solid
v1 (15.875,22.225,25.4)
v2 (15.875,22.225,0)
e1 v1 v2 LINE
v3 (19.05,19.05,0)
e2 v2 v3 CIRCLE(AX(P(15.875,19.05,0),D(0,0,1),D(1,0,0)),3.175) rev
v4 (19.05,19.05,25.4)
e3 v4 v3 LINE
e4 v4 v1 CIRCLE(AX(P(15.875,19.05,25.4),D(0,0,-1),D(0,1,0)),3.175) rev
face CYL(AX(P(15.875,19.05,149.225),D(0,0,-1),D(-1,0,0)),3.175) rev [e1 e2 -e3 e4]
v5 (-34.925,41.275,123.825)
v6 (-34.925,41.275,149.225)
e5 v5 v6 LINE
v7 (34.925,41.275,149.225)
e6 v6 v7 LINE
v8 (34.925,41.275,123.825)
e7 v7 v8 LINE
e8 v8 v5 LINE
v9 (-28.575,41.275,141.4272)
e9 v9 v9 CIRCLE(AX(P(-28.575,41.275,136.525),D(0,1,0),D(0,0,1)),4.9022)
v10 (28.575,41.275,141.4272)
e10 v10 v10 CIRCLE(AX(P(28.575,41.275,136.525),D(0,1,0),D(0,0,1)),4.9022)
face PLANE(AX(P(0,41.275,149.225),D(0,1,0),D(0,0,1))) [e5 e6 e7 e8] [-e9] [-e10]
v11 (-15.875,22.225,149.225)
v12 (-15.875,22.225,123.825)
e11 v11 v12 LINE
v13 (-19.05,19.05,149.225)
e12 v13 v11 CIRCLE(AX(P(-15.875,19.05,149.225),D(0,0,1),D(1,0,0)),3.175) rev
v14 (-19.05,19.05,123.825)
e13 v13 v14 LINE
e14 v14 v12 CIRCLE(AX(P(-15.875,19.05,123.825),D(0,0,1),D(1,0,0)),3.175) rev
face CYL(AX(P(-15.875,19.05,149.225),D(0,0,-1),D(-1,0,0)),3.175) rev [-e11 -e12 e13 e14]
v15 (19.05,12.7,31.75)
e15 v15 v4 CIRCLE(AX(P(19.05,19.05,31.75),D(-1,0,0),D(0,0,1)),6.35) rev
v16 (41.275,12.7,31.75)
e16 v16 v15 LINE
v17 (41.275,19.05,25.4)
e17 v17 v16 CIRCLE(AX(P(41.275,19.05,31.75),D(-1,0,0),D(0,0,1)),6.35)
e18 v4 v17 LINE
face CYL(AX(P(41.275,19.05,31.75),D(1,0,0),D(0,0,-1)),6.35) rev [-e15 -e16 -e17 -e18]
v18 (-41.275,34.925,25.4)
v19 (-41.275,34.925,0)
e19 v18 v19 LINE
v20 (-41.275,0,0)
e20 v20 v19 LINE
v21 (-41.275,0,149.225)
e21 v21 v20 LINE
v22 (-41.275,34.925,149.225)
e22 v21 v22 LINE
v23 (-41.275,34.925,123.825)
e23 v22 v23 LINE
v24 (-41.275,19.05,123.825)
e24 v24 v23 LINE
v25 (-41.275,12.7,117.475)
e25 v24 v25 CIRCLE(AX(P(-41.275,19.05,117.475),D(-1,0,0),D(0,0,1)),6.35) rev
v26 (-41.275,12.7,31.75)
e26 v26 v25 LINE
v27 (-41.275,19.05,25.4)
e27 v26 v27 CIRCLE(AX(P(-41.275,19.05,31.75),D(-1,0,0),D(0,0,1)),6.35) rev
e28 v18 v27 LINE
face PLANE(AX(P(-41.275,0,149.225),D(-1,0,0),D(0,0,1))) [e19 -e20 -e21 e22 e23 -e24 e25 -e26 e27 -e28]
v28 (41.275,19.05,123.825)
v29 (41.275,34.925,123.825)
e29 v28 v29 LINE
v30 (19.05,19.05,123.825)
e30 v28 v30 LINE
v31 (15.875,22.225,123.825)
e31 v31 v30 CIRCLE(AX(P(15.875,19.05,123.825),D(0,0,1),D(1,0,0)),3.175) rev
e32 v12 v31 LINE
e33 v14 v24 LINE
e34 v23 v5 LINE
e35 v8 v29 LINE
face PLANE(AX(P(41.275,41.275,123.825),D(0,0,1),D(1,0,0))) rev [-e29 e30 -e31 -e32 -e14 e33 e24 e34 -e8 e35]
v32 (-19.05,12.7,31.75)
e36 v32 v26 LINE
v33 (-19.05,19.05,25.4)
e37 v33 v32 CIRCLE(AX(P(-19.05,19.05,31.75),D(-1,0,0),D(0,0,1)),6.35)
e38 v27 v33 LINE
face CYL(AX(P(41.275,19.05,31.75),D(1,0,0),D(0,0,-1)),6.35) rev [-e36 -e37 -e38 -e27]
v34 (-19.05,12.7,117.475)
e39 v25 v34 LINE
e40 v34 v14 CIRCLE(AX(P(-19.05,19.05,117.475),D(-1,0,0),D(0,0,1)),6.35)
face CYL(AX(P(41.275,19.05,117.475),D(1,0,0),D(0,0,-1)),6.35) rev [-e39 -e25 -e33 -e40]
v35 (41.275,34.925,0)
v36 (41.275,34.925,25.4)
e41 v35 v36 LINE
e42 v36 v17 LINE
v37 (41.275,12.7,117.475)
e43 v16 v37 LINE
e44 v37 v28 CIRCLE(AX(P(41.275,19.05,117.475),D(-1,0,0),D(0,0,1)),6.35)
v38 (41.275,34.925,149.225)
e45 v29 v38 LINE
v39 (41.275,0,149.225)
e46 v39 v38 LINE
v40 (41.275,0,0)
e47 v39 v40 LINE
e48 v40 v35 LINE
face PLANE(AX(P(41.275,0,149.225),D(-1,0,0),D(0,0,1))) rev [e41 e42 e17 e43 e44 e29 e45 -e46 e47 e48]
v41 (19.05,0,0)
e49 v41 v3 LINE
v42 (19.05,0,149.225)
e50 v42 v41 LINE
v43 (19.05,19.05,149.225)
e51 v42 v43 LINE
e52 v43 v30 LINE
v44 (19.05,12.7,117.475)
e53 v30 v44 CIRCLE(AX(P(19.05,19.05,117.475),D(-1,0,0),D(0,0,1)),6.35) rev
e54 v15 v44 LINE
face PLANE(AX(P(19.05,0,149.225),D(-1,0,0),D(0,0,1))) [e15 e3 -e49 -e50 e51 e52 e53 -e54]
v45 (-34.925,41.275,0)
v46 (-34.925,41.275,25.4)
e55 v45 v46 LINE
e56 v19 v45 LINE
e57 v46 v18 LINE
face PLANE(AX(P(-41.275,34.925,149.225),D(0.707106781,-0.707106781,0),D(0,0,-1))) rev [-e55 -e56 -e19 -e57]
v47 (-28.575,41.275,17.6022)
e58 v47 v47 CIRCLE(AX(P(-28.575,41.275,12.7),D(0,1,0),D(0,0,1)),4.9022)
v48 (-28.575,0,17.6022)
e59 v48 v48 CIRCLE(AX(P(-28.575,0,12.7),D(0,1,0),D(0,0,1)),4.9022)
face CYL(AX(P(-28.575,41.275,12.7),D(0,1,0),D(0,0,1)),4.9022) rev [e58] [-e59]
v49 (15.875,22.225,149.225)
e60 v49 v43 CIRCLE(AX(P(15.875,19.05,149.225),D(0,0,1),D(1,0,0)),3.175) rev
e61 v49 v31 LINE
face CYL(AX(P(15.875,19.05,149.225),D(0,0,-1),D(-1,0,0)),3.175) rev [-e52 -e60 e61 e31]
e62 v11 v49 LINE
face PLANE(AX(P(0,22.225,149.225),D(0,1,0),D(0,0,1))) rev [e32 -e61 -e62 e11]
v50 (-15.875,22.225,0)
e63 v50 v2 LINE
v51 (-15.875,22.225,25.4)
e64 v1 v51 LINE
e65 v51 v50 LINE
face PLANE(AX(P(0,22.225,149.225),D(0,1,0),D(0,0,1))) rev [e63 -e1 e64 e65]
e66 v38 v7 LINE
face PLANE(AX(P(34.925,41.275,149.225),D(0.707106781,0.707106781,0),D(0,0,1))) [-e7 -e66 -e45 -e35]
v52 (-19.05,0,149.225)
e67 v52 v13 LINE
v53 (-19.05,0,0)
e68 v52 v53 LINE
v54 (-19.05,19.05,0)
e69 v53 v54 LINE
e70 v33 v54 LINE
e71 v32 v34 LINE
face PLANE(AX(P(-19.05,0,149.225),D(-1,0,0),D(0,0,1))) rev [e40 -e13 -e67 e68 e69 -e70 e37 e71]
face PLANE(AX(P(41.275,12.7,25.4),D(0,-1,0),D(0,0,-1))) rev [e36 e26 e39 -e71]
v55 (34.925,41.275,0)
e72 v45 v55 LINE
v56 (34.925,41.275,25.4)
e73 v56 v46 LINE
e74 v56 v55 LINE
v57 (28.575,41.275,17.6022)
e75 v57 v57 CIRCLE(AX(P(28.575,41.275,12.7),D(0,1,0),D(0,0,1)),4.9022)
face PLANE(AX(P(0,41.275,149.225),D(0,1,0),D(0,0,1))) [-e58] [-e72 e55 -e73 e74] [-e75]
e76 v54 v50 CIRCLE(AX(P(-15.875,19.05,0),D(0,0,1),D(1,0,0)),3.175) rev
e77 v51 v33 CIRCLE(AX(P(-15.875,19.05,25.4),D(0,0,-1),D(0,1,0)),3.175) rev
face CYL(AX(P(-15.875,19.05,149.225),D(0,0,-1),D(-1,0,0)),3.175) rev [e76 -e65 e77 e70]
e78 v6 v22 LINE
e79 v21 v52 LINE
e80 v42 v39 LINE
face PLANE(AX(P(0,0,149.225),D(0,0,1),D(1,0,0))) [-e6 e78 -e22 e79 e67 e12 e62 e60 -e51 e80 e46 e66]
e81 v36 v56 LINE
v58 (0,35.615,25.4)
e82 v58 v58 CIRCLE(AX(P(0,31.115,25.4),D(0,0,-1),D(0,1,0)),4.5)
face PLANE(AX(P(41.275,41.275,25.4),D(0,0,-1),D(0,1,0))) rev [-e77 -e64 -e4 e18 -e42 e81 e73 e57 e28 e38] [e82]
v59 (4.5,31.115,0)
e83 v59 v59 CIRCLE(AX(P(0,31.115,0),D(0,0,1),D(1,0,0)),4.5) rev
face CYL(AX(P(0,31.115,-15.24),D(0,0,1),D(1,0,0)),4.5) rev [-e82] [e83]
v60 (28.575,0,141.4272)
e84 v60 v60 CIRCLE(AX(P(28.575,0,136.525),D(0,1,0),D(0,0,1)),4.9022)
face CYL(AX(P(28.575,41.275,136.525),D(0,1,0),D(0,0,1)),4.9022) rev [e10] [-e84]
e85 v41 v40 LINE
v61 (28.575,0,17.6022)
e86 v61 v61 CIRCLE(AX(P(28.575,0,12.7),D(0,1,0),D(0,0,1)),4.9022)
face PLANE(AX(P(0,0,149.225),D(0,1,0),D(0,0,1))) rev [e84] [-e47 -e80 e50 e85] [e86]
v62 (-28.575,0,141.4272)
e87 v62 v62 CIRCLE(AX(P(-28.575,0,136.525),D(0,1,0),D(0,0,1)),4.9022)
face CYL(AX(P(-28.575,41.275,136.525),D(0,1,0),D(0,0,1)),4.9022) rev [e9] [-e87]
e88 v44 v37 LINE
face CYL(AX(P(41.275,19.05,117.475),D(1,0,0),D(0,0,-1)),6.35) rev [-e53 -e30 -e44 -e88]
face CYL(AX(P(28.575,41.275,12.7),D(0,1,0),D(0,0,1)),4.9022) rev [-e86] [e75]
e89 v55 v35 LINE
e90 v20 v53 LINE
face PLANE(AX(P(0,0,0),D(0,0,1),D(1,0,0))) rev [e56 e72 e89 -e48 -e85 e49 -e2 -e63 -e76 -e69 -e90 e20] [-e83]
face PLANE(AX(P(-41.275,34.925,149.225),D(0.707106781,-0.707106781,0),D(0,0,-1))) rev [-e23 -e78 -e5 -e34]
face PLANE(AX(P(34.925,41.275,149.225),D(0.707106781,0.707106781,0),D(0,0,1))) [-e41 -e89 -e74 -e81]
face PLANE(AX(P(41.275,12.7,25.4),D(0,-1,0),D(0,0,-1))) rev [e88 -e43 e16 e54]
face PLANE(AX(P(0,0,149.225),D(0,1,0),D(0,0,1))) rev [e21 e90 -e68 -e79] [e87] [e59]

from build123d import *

# Parameters (mm, degrees)
BOSS_EXTRUDE1_DEPTH     = 149.225
CHAMFER1_SIZE           = 6.35
F_3_8_CLEARANCE_HOLE1_D = 9.8044
SKETCH4_W               = 98.425
SKETCH4_H               = 28.575
CUT_EXTRUDE1_DEPTH      = 176.460048872
FILLET1_R               = 6.35
CUT_EXTRUDE2_START      = -123.825
SKETCH5_R               = 4.500000017
CUT_EXTRUDE2_DEPTH      = 40.64


with BuildPart() as part:
    # Sketch1 → Boss-Extrude1 (new body)
    with BuildSketch(Plane.XY):
        with BuildLine():
            Line((-19.05, 0), (-19.05, 19.05))
            ThreePointArc((-19.05, 19.05), (-18.12006403, 21.29506403), (-15.875, 22.225))
            Line((-15.875, 22.225), (15.875, 22.225))
            ThreePointArc((15.875, 22.225), (18.12006403, 21.29506403), (19.05, 19.05))
            Line((19.05, 19.05), (19.05, 0))
            Line((19.05, 0), (41.275, 0))
            Line((41.275, 0), (41.275, 41.275))
            Line((41.275, 41.275), (-41.275, 41.275))
            Line((-41.275, 41.275), (-41.275, 0))
            Line((-41.275, 0), (-19.05, 0))
        make_face()
    extrude(amount=BOSS_EXTRUDE1_DEPTH)

    # Chamfer1
    chamfer1_edges = [part.edges().sort_by_distance(p)[0] for p in [
        (-41.275, 41.275, 74.6125),
        (41.275, 41.275, 74.6125),
    ]]
    chamfer(chamfer1_edges, length=CHAMFER1_SIZE)

    # 3/8 Clearance Hole1 (through all)
    with Locations(Plane(origin=(0, 41.275, 0), x_dir=(1, 0, 0), z_dir=(0, 1, 0))):
        with Locations((28.575, -12.7), (-28.575, -136.525), (-28.575, -12.7), (28.575, -136.525)):
            Hole(F_3_8_CLEARANCE_HOLE1_D / 2)

    # Sketch4 → Cut-Extrude1 (cut, through all)
    with BuildSketch(Plane.ZY.offset(41.275)):
        with Locations((74.6125, 26.9875)):
            Rectangle(SKETCH4_W, SKETCH4_H)
    extrude(amount=-CUT_EXTRUDE1_DEPTH, mode=Mode.SUBTRACT)

    # Fillet1
    fillet1_edges = [part.edges().sort_by_distance(p)[0] for p in [
        (30.1625, 12.7, 25.4),
        (30.1625, 12.7, 123.825),
        (-30.1625, 12.7, 123.825),
        (-30.1625, 12.7, 25.4),
    ]]
    fillet(fillet1_edges, radius=FILLET1_R)

    # Sketch5 → Cut-Extrude2 (cut)
    with BuildSketch(Plane.XY.offset(149.225).offset(CUT_EXTRUDE2_START)):
        with Locations((0, 31.115)):
            Circle(SKETCH5_R)
    extrude(amount=-CUT_EXTRUDE2_DEPTH, mode=Mode.SUBTRACT)


solid = part.part
